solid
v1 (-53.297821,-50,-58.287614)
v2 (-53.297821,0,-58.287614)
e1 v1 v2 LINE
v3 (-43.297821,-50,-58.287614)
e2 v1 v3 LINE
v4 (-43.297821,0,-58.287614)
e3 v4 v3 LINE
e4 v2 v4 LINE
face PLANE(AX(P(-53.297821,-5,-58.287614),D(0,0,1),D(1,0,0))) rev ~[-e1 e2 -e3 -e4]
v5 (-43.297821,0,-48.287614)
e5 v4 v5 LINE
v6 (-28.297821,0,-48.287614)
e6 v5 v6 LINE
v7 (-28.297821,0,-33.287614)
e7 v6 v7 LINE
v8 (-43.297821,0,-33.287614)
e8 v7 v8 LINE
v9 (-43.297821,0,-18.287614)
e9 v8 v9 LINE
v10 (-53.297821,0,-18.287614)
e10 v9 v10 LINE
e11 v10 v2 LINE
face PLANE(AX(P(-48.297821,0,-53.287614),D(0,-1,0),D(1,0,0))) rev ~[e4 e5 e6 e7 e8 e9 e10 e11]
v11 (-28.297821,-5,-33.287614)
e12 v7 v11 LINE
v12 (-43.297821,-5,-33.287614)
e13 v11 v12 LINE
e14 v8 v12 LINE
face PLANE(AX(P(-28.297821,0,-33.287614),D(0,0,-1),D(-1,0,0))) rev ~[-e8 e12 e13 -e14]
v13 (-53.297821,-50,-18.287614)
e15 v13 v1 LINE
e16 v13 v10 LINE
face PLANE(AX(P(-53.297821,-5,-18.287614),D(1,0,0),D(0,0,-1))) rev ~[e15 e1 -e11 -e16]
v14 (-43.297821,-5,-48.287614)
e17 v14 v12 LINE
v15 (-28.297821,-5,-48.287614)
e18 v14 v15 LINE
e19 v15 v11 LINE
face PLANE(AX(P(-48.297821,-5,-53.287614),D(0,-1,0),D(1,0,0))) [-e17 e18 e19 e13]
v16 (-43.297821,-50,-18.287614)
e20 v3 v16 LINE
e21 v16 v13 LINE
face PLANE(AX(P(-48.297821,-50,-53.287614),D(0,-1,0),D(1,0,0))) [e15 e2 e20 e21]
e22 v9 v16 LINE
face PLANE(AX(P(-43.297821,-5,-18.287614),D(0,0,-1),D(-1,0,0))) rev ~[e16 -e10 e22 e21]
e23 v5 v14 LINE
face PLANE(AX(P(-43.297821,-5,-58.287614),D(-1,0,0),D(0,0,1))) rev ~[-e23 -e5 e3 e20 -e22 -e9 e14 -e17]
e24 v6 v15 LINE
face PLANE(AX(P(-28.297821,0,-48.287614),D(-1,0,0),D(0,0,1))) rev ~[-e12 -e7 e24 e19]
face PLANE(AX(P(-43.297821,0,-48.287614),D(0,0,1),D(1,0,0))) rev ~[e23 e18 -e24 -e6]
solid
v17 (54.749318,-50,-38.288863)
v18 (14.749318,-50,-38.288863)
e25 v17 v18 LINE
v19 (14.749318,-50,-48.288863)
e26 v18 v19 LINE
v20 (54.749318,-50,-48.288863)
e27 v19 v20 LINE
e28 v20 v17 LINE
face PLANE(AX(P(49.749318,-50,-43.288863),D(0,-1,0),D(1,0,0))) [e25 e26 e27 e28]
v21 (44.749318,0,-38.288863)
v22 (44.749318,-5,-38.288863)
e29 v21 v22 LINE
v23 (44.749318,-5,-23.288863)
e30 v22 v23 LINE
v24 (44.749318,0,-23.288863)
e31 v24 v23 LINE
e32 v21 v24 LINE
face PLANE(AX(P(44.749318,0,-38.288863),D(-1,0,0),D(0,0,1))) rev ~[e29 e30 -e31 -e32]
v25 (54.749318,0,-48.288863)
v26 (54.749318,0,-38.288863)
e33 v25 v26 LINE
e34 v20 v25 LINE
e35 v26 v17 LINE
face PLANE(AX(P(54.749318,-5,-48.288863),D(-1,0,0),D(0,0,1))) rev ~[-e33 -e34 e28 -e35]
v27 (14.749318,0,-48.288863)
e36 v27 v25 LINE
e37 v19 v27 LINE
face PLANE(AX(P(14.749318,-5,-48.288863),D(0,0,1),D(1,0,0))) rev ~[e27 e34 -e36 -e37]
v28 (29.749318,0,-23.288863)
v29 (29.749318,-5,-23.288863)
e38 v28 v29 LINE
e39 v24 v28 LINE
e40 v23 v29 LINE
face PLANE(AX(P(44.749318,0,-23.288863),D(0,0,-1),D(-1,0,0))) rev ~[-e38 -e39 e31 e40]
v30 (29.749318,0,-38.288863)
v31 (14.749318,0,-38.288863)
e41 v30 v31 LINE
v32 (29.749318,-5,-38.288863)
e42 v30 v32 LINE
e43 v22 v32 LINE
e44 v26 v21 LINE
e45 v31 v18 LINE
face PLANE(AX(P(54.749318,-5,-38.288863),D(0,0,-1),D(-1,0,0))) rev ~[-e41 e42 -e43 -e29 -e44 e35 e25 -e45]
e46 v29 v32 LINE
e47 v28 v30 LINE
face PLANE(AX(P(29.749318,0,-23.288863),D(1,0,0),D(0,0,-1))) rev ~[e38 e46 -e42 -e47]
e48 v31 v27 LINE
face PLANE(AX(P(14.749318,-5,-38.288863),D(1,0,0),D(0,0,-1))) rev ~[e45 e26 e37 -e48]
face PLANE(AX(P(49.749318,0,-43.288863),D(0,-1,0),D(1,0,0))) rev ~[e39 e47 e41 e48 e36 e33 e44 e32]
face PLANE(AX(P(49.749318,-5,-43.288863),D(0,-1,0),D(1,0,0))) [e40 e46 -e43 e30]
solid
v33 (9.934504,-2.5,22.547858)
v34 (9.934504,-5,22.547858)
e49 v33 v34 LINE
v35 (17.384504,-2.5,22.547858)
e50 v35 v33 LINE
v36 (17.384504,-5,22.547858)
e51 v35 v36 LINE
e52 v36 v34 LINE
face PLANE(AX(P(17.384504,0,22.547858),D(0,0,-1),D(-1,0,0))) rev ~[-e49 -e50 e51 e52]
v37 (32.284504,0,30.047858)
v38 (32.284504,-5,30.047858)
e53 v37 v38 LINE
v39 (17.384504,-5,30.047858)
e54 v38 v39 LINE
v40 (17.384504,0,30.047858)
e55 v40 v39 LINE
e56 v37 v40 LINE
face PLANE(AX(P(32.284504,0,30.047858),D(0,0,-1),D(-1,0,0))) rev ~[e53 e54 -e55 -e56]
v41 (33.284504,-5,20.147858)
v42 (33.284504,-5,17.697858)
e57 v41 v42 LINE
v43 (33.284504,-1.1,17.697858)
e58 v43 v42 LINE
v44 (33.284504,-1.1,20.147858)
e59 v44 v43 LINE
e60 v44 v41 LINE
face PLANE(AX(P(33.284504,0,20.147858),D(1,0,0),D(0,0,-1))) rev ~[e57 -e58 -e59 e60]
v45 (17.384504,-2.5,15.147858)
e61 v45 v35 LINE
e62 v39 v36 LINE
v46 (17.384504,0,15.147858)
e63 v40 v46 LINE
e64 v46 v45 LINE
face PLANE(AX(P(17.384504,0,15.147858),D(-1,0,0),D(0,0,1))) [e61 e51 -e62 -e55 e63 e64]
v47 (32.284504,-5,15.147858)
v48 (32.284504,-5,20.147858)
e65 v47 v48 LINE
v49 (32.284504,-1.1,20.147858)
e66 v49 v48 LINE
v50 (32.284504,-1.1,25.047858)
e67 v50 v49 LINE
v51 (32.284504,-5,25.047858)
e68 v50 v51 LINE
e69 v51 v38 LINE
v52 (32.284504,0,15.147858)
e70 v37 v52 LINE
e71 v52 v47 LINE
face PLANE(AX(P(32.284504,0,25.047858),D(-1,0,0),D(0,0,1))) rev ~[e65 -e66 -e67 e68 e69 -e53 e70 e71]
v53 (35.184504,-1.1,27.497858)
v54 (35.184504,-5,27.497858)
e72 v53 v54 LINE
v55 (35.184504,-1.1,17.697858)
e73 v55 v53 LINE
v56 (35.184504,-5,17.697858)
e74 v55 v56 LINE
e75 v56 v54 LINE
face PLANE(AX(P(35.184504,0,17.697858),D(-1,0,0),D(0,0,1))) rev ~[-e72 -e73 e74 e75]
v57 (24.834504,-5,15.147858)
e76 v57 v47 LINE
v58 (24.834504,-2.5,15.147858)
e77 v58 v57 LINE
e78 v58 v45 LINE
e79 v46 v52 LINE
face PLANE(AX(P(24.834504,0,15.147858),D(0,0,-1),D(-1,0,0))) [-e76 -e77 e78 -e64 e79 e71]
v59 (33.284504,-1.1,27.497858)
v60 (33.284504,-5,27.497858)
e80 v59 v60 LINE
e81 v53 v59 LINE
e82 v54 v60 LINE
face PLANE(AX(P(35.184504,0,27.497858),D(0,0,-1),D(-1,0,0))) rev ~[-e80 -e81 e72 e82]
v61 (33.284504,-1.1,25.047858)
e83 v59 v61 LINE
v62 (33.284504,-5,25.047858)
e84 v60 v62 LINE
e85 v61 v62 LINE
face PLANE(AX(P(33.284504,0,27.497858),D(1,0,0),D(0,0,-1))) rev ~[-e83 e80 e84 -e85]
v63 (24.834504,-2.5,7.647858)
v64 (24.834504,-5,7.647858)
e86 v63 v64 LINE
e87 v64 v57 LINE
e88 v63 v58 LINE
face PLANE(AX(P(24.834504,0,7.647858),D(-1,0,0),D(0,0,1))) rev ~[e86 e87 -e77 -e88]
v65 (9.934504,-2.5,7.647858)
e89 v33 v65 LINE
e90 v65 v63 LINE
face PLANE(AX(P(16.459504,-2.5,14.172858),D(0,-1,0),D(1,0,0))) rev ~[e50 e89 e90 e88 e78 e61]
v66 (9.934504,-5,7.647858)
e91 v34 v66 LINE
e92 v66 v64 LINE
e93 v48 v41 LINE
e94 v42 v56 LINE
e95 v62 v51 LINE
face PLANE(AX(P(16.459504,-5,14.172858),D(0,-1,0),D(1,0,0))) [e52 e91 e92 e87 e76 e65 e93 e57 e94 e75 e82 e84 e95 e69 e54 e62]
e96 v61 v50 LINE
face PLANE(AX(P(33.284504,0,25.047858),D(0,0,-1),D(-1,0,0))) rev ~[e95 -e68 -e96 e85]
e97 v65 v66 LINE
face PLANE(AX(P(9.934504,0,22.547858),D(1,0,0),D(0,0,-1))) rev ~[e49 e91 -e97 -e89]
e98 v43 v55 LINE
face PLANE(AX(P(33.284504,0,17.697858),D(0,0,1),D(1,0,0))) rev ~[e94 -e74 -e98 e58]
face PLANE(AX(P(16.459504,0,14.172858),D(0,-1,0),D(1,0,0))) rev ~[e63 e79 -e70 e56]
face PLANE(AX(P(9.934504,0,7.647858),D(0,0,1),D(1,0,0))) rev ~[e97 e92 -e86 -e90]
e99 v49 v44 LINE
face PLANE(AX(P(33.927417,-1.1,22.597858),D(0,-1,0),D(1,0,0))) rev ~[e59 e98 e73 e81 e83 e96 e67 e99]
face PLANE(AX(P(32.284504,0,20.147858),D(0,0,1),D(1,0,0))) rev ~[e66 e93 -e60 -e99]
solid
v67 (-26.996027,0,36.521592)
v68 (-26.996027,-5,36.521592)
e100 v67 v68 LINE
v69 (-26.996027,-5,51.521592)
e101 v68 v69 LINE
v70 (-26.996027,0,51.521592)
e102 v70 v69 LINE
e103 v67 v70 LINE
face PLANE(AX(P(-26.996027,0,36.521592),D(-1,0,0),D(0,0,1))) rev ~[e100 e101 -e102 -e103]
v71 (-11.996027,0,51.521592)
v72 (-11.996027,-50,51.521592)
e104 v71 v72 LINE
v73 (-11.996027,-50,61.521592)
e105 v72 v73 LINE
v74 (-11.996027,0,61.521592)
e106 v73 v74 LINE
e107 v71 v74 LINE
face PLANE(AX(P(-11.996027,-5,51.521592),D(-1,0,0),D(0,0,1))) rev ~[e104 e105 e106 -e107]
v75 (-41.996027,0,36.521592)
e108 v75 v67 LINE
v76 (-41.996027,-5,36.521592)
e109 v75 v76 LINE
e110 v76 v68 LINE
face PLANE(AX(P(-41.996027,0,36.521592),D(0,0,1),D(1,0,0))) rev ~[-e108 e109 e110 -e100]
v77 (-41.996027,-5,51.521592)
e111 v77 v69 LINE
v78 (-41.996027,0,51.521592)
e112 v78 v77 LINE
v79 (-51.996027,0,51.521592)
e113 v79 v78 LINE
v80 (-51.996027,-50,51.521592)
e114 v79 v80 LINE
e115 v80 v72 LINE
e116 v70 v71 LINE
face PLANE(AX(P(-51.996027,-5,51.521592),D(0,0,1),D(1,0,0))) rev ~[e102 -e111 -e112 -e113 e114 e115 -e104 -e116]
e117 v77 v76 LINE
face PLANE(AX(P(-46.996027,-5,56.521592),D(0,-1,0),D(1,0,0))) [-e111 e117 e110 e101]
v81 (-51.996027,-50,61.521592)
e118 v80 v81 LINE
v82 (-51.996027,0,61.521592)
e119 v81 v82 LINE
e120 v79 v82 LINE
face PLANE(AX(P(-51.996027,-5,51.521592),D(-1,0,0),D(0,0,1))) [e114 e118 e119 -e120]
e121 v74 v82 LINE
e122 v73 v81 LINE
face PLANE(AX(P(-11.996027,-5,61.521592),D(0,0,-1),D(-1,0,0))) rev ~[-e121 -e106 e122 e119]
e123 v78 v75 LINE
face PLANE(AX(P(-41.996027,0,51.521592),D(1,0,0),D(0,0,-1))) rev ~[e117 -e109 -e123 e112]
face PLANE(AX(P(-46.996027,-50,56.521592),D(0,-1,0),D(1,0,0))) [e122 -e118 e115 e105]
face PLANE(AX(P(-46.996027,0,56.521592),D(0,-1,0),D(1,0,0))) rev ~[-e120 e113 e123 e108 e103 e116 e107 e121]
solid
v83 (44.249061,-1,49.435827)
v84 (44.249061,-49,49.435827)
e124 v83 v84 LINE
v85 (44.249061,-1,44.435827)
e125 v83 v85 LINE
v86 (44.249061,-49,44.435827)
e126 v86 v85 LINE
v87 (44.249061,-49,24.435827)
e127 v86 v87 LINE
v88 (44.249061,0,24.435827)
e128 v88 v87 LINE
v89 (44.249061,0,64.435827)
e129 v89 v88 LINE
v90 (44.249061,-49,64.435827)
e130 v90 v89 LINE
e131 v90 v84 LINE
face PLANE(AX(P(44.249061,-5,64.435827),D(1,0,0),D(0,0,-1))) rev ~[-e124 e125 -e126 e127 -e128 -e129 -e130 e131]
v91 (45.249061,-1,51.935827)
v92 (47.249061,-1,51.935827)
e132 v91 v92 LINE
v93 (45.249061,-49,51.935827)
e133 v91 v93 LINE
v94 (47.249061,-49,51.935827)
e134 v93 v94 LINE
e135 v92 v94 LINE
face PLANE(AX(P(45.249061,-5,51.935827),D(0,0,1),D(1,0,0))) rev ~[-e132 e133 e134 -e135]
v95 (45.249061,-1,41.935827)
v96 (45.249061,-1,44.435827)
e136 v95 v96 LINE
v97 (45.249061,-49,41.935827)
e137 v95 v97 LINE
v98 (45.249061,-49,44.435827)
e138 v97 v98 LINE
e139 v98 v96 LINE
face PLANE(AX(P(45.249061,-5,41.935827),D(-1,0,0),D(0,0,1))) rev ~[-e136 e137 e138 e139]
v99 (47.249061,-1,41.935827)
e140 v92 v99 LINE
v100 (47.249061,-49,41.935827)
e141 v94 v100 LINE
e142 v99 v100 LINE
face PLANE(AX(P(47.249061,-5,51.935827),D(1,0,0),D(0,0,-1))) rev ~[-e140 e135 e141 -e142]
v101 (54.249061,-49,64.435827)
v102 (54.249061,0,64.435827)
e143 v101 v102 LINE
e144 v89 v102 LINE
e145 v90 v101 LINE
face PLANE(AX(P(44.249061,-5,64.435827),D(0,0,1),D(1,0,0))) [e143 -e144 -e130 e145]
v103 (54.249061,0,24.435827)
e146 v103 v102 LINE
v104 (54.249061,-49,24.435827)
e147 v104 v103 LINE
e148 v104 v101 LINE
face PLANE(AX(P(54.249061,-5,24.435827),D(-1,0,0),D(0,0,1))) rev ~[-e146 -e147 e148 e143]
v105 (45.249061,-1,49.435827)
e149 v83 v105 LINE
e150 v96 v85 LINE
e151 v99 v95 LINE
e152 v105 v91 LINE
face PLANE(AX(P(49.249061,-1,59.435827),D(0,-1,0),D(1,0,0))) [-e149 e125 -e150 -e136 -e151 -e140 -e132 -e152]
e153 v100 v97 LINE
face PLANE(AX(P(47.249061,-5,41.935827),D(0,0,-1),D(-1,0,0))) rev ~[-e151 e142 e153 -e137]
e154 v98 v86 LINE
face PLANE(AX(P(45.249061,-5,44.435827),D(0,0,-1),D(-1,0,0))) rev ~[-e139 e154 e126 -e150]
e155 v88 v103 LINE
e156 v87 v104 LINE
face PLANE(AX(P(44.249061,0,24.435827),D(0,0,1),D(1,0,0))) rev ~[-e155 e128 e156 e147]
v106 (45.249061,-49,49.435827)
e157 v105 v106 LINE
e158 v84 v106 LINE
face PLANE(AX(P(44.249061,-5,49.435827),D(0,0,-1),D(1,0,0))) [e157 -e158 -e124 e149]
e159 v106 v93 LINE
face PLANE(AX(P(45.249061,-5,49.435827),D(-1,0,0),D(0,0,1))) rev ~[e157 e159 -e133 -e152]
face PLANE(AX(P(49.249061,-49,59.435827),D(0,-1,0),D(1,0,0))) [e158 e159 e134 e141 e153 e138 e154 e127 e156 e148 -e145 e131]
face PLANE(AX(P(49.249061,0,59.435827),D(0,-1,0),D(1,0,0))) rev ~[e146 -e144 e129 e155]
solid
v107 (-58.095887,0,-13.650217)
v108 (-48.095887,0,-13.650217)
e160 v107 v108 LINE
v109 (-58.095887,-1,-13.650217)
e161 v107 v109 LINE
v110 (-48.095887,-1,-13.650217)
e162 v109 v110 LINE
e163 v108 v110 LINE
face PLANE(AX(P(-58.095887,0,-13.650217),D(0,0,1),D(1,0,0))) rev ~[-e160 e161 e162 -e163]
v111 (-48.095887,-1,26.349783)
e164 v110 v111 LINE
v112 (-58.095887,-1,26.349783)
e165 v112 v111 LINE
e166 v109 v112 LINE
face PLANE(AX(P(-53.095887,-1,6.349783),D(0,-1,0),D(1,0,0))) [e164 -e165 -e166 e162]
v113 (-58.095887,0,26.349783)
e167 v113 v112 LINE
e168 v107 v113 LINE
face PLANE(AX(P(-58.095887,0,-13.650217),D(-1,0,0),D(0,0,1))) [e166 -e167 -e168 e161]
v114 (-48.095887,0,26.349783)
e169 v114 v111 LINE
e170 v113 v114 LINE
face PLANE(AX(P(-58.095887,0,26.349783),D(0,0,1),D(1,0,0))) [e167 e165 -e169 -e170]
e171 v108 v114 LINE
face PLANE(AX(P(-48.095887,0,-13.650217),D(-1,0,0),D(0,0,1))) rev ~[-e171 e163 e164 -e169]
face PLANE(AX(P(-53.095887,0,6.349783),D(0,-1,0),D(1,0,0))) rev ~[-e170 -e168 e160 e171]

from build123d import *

# Parameters (mm, degrees)
F0_W      = 10
F0_H      = 10
F0_W_2    = 7.5
F0_H_2    = 7.5
F1_DEPTH  = 5
F0_W_3    = 7.45
F0_H_3    = 7.4
F2_W      = 10
F2_H      = 10
F3_DEPTH  = 45
F4_W      = 10
F4_H      = 10
F5_DEPTH  = 45
F6_W      = 10
F6_H      = 10
F7_DEPTH  = 44
F0_H_4    = 40
F8_DEPTH  = 1
F9_W      = 10
F9_H      = 10
F10_DEPTH = 45
F11_DEPTH = 4
F12_DEPTH = 1.1
F13_DEPTH = 2.5


with BuildPart() as f1:
    # F0 (on Front) → F1 (new body)
    with BuildSketch(Plane.XZ):
        with Locations((-48.2978210601, -53.2876135409)):
            Rectangle(F0_W, F0_H)
        with Locations((-32.0478210601, -37.0376135409)):
            Rectangle(F0_W_2, F0_H_2)
        Polygon((-43.2978210601, -18.2876135409), (-53.2978210601, -18.2876135409), (-53.2978210601, -48.2876135409), (-43.2978210601, -48.2876135409), (-43.2978210601, -33.2876135409), align=None)
        Polygon((-43.2978210601, -33.2876135409), (-43.2978210601, -48.2876135409), (-28.2978210601, -48.2876135409), (-28.2978210601, -40.7876135409), (-35.7978210601, -40.7876135409), (-35.7978210601, -33.2876135409), align=None)
    extrude(amount=F1_DEPTH)

    # F4 (on face) → F5 (join)
    with BuildSketch(Plane.XZ.offset(5)):
        with Locations((-48.2978210601, -53.2876135409)):
            Rectangle(F4_W, F4_H)
        Polygon((-53.2978210601, -48.2876135409), (-43.2978210601, -48.2876135409), (-43.2978210601, -33.2876135409), (-43.2978210601, -18.2876135409), (-53.2978210601, -18.2876135409), align=None)
    extrude(amount=F5_DEPTH)


with BuildPart() as f1b:
    # F0 (on Front) → F1, piece 2 (new body)
    with BuildSketch(Plane.XZ):
        with Locations((49.7493183613, -43.2888631523)):
            Rectangle(F0_W, F0_H)
        Polygon((14.7493183613, -38.2888631523), (14.7493183613, -48.2888631523), (44.7493183613, -48.2888631523), (44.7493183613, -38.2888631523), (29.7493183613, -38.2888631523), align=None)
        Polygon((29.7493183613, -38.2888631523), (44.7493183613, -38.2888631523), (44.7493183613, -23.2888631523), (40.9993183613, -23.2888631523), (40.9993183613, -34.5388631523), (29.7493183613, -34.5388631523), align=None)
        with Locations((33.4993183613, -27.0388631523)):
            Rectangle(F0_W_2, F0_H_2)
        Polygon((37.2493183613, -30.7888631523), (40.9993183613, -23.2888631523), (37.2493183613, -23.2888631523), align=None)
        Polygon((29.7493183613, -30.7888631523), (29.7493183613, -34.5388631523), (40.9993183613, -34.5388631523), (40.9993183613, -23.2888631523), (37.2493183613, -30.7888631523), align=None)
    extrude(amount=F1_DEPTH)

    # F9 (on face) → F10 (join)
    with BuildSketch(Plane.XZ.offset(5)):
        with Locations((49.7493183613, -43.2888631523)):
            Rectangle(F9_W, F9_H)
        Polygon((44.7493183613, -48.2888631523), (44.7493183613, -38.2888631523), (29.7493183613, -38.2888631523), (14.7493183613, -38.2888631523), (14.7493183613, -48.2888631523), align=None)
    extrude(amount=F10_DEPTH)


with BuildPart() as f1c:
    # F0 (on Front) → F1, piece 3 (new body)
    with BuildSketch(Plane.XZ):
        with Locations((49.249061197, 59.43582654)):
            Rectangle(F0_W, F0_H)
        Polygon((45.249061197, 49.43582654), (44.249061197, 49.43582654), (44.249061197, 44.43582654), (45.249061197, 44.43582654), (45.249061197, 41.93582654), (47.249061197, 41.93582654), (47.249061197, 51.93582654), (45.249061197, 51.93582654), align=None)
        Polygon((54.249061197, 24.43582654), (54.249061197, 54.43582654), (44.249061197, 54.43582654), (44.249061197, 49.43582654), (45.249061197, 49.43582654), (45.249061197, 51.93582654), (47.249061197, 51.93582654), (47.249061197, 41.93582654), (45.249061197, 41.93582654), (45.249061197, 44.43582654), (44.249061197, 44.43582654), (44.249061197, 39.43582654), (44.249061197, 24.43582654), align=None)
    extrude(amount=F1_DEPTH)

    # F6 (on face) → F7 (join)
    with BuildSketch(Plane.XZ.offset(5)):
        with Locations((49.249061197, 59.43582654)):
            Rectangle(F6_W, F6_H)
        Polygon((54.249061197, 54.43582654), (44.249061197, 54.43582654), (44.249061197, 49.43582654), (45.249061197, 49.43582654), (45.249061197, 51.93582654), (47.249061197, 51.93582654), (47.249061197, 41.93582654), (45.249061197, 41.93582654), (45.249061197, 44.43582654), (44.249061197, 44.43582654), (44.249061197, 39.43582654), (44.249061197, 24.43582654), (54.249061197, 24.43582654), align=None)
    extrude(amount=F7_DEPTH)

    # F11 (cut): a face of the model
    f11_faces = [f1c.faces().sort_by_distance(p)[0] for p in [
        (45.949061197, -5, 46.93582654),
    ]]
    extrude(f11_faces, amount=-F11_DEPTH, mode=Mode.SUBTRACT)


with BuildPart() as f1d:
    # F0 (on Front) → F1, piece 4 (new body)
    with BuildSketch(Plane.XZ):
        with Locations((-46.9960268587, 56.5215918422)):
            Rectangle(F0_W, F0_H)
        Polygon((-11.9960268587, 61.5215918422), (-41.9960268587, 61.5215918422), (-41.9960268587, 51.5215918422), (-26.9960268587, 51.5215918422), (-11.9960268587, 51.5215918422), align=None)
        Polygon((-26.9960268587, 51.5215918422), (-41.9960268587, 51.5215918422), (-41.9960268587, 36.5215918422), (-38.2460268587, 36.5215918422), (-38.2460268587, 47.7715918422), (-26.9960268587, 47.7715918422), align=None)
        Polygon((-26.9960268587, 44.0215918422), (-26.9960268587, 47.7715918422), (-34.4960268587, 44.0215918422), align=None)
        with Locations((-30.7460268587, 40.2715918422)):
            Rectangle(F0_W_2, F0_H_2)
        Polygon((-34.4960268587, 44.0215918422), (-26.9960268587, 47.7715918422), (-38.2460268587, 47.7715918422), (-38.2460268587, 36.5215918422), (-34.4960268587, 36.5215918422), align=None)
    extrude(amount=F1_DEPTH)

    # F2 (on face) → F3 (join)
    with BuildSketch(Plane.XZ.offset(5)):
        with Locations((-46.9960268587, 56.5215918422)):
            Rectangle(F2_W, F2_H)
        Polygon((-41.9960268587, 61.5215918422), (-41.9960268587, 51.5215918422), (-26.9960268587, 51.5215918422), (-11.9960268587, 51.5215918422), (-11.9960268587, 61.5215918422), align=None)
    extrude(amount=F3_DEPTH)


with BuildPart() as f1e:
    # F0 (on Front) → F1, piece 5 (new body)
    with BuildSketch(Plane.XZ):
        Polygon((17.3845035851, 22.5478581712), (9.9345035851, 22.5478581712), (9.9345035851, 7.6478581712), (24.8345035851, 7.6478581712), (24.8345035851, 15.1478581712), (17.3845035851, 15.1478581712), align=None)
        Polygon((33.2845035851, 25.0478581712), (32.2845035851, 25.0478581712), (32.2845035851, 20.1478581712), (33.2845035851, 20.1478581712), (33.2845035851, 17.6978581712), (35.1845035851, 17.6978581712), (35.1845035851, 27.4978581712), (33.2845035851, 27.4978581712), align=None)
        with Locations((21.1095035851, 18.8478581712)):
            Rectangle(F0_W_3, F0_H_3)
        Polygon((17.3845035851, 30.0478581712), (17.3845035851, 22.5478581712), (24.8345035851, 22.5478581712), (24.8345035851, 15.1478581712), (32.2845035851, 15.1478581712), (32.2845035851, 20.1478581712), (32.2845035851, 25.0478581712), (32.2845035851, 30.0478581712), align=None)
    extrude(amount=F1_DEPTH)

    # F0 (on Front) → F12 (cut)
    with BuildSketch(Plane.XZ):
        Polygon((33.2845035851, 25.0478581712), (32.2845035851, 25.0478581712), (32.2845035851, 20.1478581712), (33.2845035851, 20.1478581712), (33.2845035851, 17.6978581712), (35.1845035851, 17.6978581712), (35.1845035851, 27.4978581712), (33.2845035851, 27.4978581712), align=None)
    extrude(amount=F12_DEPTH, mode=Mode.SUBTRACT)

    # F0 (on Front) → F13 (cut)
    with BuildSketch(Plane.XZ):
        Polygon((17.3845035851, 22.5478581712), (9.9345035851, 22.5478581712), (9.9345035851, 7.6478581712), (24.8345035851, 7.6478581712), (24.8345035851, 15.1478581712), (17.3845035851, 15.1478581712), align=None)
    extrude(amount=F13_DEPTH, mode=Mode.SUBTRACT)


with BuildPart() as f8:
    # F0 (on Front) → F8 (new body)
    with BuildSketch(Plane.XZ):
        with Locations((-53.0958873034, 6.3497829065)):
            Rectangle(F0_W, F0_H_4)
    extrude(amount=F8_DEPTH)


solid = Compound([f1.part, f1b.part, f1c.part, f1d.part, f1e.part, f8.part])
